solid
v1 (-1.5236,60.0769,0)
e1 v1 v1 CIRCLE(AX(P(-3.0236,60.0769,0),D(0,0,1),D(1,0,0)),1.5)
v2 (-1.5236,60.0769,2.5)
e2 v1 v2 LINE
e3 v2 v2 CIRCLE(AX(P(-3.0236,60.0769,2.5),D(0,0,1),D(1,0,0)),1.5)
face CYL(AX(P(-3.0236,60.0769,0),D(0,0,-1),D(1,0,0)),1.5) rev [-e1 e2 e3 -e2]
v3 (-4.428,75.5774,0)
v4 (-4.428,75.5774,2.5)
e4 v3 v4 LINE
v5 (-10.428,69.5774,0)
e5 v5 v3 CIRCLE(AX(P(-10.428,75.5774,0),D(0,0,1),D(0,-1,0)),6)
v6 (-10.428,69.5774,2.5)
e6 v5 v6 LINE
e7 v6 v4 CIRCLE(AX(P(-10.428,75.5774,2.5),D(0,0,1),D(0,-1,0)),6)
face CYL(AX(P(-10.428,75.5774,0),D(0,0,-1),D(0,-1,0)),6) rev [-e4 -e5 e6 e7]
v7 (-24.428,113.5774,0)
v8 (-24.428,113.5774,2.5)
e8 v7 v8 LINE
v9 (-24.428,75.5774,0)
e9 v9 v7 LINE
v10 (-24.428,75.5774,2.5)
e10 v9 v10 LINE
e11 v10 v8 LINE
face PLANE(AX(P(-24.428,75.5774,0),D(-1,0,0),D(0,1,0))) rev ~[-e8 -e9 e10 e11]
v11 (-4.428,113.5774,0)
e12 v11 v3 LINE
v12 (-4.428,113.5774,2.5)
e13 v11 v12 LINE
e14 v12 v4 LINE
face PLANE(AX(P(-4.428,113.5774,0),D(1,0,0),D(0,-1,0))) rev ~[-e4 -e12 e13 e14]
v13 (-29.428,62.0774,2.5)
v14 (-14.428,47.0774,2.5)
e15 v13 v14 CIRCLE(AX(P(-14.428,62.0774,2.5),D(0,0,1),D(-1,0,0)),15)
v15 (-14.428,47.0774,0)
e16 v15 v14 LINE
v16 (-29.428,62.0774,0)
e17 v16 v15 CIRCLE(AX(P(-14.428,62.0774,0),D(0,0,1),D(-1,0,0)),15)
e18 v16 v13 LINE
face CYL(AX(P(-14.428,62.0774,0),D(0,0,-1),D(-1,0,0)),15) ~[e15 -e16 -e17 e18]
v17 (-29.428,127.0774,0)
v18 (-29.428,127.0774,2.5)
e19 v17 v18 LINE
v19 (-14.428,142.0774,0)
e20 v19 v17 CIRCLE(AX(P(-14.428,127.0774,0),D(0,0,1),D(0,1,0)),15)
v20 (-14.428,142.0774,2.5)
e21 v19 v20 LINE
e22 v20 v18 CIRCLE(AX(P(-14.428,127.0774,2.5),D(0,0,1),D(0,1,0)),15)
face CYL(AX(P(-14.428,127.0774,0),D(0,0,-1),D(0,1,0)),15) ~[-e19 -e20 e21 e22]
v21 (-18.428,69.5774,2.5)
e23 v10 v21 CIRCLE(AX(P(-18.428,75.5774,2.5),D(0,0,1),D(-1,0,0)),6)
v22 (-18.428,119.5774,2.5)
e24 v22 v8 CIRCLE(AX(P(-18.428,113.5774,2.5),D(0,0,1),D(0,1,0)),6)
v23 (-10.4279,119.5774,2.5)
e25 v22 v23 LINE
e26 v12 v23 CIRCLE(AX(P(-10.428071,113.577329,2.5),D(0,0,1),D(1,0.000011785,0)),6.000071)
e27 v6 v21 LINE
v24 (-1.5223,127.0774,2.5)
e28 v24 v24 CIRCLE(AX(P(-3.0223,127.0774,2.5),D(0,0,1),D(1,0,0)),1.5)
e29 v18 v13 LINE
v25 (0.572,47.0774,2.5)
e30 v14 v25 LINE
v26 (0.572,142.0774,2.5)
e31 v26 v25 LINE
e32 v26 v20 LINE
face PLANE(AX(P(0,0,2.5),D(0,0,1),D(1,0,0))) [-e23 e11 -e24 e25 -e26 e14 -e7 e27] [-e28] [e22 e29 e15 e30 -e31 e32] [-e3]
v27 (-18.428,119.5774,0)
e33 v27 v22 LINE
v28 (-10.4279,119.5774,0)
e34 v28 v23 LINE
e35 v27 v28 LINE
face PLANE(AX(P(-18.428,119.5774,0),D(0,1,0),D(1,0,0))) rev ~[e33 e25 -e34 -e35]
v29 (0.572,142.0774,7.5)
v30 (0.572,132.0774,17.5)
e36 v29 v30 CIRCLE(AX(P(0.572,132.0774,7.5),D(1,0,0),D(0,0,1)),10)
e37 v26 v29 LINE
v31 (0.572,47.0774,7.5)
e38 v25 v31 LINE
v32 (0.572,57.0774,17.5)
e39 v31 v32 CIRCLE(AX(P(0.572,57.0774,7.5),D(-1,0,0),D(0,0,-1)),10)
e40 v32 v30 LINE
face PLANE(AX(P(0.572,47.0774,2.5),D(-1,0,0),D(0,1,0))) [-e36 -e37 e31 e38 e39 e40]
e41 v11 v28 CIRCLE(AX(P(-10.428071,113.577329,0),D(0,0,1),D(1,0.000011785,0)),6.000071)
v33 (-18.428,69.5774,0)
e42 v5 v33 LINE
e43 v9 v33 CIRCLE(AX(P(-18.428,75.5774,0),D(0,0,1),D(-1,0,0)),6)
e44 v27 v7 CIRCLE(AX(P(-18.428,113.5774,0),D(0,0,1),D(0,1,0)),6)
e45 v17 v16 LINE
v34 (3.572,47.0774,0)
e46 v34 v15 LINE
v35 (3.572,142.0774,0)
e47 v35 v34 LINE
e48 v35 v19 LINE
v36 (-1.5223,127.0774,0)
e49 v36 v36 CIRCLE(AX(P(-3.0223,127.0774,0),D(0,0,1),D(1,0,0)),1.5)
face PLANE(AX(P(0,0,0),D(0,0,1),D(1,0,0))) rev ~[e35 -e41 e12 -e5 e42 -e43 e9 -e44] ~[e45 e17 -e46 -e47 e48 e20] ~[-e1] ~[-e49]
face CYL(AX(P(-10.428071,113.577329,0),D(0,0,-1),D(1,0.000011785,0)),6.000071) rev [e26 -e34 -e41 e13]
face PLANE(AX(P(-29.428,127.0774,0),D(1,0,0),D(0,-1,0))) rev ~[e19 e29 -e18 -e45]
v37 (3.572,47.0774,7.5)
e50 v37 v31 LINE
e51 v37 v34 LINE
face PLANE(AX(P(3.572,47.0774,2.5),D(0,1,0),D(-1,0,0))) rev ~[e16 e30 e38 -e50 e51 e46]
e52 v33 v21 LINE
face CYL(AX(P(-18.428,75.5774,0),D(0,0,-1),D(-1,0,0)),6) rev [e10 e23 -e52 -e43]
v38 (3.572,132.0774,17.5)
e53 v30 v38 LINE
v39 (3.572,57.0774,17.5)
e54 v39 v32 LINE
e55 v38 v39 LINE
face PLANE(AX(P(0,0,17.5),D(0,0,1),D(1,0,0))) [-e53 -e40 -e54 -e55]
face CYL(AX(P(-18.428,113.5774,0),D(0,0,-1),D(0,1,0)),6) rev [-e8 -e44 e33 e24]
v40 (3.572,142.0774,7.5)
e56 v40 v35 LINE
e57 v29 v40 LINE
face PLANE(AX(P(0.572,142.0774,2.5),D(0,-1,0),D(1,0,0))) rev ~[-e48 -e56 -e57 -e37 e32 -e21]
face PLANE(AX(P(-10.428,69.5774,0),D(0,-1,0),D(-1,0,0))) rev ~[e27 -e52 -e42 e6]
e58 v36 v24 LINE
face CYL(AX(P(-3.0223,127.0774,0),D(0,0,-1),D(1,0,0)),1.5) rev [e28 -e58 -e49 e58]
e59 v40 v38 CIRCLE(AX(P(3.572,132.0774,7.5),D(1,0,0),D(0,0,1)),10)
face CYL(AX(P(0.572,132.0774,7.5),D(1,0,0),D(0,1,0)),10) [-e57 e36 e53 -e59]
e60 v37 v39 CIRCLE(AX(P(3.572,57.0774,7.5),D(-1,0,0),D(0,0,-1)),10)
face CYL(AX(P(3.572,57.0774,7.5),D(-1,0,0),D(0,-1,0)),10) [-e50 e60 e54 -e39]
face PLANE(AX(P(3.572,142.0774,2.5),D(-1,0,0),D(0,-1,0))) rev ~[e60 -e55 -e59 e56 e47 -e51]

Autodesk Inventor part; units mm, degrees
ref_plane "YZ Plane" through (0, 0, 0) normal (1, 0, 0) x (0, 1, 0)
ref_plane "XZ Plane" through (0, 0, 0) normal (0, 1, 0) x (-1, 0, 0)
ref_plane "XY Plane" through (0, 0, 0) normal (0, 0, 1) x (1, 0, 0)
sketch "Sketch1" plane through (0, 0, 0) normal (0, 0, 1) x (1, 0, 0)
  circle A0 centre (-3.0223, 127.0774) radius 1.5 projected
  circle A1 centre (-3.0236, 60.0769) radius 1.5 projected
  circle A2 centre (-3.0223, 127.0774) radius 1.5
  circle A3 centre (-3.0236, 60.0769) radius 1.5
  line L0 (3.5721, 158.6605) -> (3.572, -21.7605) projected
  line L1 (0.5721, 162.401) -> (0.572, -18.02)
  line L2 (0.572, 142.0774) -> (-14.428, 142.0774)
  line L3 (-29.428, 127.0774) -> (-29.428, 62.0774)
  line L4 (-14.428, 47.0774) -> (0.572, 47.0774)
  line L5 (0.572, 47.0774) -> (0.572, 142.0774)
  arc A4 (-14.428, 142.0774) -> (-29.428, 127.0774) centre (-14.428, 127.0774) ccw
  arc A5 (-29.428, 62.0774) -> (-14.428, 47.0774) centre (-14.428, 62.0774) ccw
  line L6 (-18.428, 119.5774) -> (-10.4279, 119.5774)
  line L7 (-4.428, 113.5774) -> (-4.428, 75.5774)
  line L8 (-10.428, 69.5774) -> (-18.428, 69.5774)
  line L9 (-24.428, 75.5774) -> (-24.428, 113.5774)
  arc A6 (-18.428, 119.5774) -> (-24.428, 113.5774) centre (-18.428, 113.5774) ccw
  arc A7 (-4.428, 113.5774) -> (-10.4279, 119.5774) centre (-10.4279, 113.5774) ccw
  arc A8 (-24.428, 75.5774) -> (-18.428, 69.5774) centre (-18.428, 75.5774) ccw
  arc A9 (-10.428, 69.5774) -> (-4.428, 75.5774) centre (-10.428, 75.5774) ccw
  line L10 (0.572, 142.0774) -> (3.572, 142.0774)
  line L11 (3.572, 142.0774) -> (3.572, 47.0774)
  line L12 (3.572, 47.0774) -> (0.572, 47.0774)
  line L13 (0.572, 47.0774) -> (0.572, 142.0774)
  point P0 (0, 0)
  point P1 (-29.428, 47.0774)
  point P2 (-29.428, 142.0774)
  point P3 (-24.428, 119.5774)
  point P4 (-4.428, 119.5774)
  point P5 (-24.428, 69.5774)
  point P6 (-24.428, 94.5774)
  point P7 (-29.428, 94.5774)
  point P8 (-14.428, 119.5774)
  point P9 (0.572, 47.0774)
  dimension "d0" = 3
  dimension "d1" = 30
  dimension "d2" = 95
  dimension "d3" = 15
  dimension "d4" = 15
  dimension "d7" = 50
  dimension "d8" = 20
  dimension "d9" = 6
  dimension "d10" = 95
extrude "Extrusion1" add sketch "Sketch1" along normal blind 2.5 contours L1 L4 A5 L3 A4 L2
sketch "Sketch2" plane through (0, 0, 2.5) normal (0, 0, 1) x (1, 0, 0)
  line L0 (0.572, 47.0774) -> (0.572, 142.0774) projected
  line L1 (0.572, 142.0774) -> (3.572, 142.0774)
  line L2 (3.572, 142.0774) -> (3.572, 47.0774)
  line L3 (3.572, 47.0774) -> (0.572, 47.0774)
  line L4 (0.572, 47.0774) -> (0.572, 142.0774)
  point P0 (0, 0)
  dimension "d13" = 3
extrude "Extrusion2" add sketch "Sketch2" along normal blind 15
fillet "Fillet1" radius 10 2 edges at (2.072, 47.0774, 17.5) (2.072, 142.0774, 17.5)
extrude "Extrusion3" add sketch "Sketch2" against normal blind 2.5
properties part number "screen_back_support_right"
